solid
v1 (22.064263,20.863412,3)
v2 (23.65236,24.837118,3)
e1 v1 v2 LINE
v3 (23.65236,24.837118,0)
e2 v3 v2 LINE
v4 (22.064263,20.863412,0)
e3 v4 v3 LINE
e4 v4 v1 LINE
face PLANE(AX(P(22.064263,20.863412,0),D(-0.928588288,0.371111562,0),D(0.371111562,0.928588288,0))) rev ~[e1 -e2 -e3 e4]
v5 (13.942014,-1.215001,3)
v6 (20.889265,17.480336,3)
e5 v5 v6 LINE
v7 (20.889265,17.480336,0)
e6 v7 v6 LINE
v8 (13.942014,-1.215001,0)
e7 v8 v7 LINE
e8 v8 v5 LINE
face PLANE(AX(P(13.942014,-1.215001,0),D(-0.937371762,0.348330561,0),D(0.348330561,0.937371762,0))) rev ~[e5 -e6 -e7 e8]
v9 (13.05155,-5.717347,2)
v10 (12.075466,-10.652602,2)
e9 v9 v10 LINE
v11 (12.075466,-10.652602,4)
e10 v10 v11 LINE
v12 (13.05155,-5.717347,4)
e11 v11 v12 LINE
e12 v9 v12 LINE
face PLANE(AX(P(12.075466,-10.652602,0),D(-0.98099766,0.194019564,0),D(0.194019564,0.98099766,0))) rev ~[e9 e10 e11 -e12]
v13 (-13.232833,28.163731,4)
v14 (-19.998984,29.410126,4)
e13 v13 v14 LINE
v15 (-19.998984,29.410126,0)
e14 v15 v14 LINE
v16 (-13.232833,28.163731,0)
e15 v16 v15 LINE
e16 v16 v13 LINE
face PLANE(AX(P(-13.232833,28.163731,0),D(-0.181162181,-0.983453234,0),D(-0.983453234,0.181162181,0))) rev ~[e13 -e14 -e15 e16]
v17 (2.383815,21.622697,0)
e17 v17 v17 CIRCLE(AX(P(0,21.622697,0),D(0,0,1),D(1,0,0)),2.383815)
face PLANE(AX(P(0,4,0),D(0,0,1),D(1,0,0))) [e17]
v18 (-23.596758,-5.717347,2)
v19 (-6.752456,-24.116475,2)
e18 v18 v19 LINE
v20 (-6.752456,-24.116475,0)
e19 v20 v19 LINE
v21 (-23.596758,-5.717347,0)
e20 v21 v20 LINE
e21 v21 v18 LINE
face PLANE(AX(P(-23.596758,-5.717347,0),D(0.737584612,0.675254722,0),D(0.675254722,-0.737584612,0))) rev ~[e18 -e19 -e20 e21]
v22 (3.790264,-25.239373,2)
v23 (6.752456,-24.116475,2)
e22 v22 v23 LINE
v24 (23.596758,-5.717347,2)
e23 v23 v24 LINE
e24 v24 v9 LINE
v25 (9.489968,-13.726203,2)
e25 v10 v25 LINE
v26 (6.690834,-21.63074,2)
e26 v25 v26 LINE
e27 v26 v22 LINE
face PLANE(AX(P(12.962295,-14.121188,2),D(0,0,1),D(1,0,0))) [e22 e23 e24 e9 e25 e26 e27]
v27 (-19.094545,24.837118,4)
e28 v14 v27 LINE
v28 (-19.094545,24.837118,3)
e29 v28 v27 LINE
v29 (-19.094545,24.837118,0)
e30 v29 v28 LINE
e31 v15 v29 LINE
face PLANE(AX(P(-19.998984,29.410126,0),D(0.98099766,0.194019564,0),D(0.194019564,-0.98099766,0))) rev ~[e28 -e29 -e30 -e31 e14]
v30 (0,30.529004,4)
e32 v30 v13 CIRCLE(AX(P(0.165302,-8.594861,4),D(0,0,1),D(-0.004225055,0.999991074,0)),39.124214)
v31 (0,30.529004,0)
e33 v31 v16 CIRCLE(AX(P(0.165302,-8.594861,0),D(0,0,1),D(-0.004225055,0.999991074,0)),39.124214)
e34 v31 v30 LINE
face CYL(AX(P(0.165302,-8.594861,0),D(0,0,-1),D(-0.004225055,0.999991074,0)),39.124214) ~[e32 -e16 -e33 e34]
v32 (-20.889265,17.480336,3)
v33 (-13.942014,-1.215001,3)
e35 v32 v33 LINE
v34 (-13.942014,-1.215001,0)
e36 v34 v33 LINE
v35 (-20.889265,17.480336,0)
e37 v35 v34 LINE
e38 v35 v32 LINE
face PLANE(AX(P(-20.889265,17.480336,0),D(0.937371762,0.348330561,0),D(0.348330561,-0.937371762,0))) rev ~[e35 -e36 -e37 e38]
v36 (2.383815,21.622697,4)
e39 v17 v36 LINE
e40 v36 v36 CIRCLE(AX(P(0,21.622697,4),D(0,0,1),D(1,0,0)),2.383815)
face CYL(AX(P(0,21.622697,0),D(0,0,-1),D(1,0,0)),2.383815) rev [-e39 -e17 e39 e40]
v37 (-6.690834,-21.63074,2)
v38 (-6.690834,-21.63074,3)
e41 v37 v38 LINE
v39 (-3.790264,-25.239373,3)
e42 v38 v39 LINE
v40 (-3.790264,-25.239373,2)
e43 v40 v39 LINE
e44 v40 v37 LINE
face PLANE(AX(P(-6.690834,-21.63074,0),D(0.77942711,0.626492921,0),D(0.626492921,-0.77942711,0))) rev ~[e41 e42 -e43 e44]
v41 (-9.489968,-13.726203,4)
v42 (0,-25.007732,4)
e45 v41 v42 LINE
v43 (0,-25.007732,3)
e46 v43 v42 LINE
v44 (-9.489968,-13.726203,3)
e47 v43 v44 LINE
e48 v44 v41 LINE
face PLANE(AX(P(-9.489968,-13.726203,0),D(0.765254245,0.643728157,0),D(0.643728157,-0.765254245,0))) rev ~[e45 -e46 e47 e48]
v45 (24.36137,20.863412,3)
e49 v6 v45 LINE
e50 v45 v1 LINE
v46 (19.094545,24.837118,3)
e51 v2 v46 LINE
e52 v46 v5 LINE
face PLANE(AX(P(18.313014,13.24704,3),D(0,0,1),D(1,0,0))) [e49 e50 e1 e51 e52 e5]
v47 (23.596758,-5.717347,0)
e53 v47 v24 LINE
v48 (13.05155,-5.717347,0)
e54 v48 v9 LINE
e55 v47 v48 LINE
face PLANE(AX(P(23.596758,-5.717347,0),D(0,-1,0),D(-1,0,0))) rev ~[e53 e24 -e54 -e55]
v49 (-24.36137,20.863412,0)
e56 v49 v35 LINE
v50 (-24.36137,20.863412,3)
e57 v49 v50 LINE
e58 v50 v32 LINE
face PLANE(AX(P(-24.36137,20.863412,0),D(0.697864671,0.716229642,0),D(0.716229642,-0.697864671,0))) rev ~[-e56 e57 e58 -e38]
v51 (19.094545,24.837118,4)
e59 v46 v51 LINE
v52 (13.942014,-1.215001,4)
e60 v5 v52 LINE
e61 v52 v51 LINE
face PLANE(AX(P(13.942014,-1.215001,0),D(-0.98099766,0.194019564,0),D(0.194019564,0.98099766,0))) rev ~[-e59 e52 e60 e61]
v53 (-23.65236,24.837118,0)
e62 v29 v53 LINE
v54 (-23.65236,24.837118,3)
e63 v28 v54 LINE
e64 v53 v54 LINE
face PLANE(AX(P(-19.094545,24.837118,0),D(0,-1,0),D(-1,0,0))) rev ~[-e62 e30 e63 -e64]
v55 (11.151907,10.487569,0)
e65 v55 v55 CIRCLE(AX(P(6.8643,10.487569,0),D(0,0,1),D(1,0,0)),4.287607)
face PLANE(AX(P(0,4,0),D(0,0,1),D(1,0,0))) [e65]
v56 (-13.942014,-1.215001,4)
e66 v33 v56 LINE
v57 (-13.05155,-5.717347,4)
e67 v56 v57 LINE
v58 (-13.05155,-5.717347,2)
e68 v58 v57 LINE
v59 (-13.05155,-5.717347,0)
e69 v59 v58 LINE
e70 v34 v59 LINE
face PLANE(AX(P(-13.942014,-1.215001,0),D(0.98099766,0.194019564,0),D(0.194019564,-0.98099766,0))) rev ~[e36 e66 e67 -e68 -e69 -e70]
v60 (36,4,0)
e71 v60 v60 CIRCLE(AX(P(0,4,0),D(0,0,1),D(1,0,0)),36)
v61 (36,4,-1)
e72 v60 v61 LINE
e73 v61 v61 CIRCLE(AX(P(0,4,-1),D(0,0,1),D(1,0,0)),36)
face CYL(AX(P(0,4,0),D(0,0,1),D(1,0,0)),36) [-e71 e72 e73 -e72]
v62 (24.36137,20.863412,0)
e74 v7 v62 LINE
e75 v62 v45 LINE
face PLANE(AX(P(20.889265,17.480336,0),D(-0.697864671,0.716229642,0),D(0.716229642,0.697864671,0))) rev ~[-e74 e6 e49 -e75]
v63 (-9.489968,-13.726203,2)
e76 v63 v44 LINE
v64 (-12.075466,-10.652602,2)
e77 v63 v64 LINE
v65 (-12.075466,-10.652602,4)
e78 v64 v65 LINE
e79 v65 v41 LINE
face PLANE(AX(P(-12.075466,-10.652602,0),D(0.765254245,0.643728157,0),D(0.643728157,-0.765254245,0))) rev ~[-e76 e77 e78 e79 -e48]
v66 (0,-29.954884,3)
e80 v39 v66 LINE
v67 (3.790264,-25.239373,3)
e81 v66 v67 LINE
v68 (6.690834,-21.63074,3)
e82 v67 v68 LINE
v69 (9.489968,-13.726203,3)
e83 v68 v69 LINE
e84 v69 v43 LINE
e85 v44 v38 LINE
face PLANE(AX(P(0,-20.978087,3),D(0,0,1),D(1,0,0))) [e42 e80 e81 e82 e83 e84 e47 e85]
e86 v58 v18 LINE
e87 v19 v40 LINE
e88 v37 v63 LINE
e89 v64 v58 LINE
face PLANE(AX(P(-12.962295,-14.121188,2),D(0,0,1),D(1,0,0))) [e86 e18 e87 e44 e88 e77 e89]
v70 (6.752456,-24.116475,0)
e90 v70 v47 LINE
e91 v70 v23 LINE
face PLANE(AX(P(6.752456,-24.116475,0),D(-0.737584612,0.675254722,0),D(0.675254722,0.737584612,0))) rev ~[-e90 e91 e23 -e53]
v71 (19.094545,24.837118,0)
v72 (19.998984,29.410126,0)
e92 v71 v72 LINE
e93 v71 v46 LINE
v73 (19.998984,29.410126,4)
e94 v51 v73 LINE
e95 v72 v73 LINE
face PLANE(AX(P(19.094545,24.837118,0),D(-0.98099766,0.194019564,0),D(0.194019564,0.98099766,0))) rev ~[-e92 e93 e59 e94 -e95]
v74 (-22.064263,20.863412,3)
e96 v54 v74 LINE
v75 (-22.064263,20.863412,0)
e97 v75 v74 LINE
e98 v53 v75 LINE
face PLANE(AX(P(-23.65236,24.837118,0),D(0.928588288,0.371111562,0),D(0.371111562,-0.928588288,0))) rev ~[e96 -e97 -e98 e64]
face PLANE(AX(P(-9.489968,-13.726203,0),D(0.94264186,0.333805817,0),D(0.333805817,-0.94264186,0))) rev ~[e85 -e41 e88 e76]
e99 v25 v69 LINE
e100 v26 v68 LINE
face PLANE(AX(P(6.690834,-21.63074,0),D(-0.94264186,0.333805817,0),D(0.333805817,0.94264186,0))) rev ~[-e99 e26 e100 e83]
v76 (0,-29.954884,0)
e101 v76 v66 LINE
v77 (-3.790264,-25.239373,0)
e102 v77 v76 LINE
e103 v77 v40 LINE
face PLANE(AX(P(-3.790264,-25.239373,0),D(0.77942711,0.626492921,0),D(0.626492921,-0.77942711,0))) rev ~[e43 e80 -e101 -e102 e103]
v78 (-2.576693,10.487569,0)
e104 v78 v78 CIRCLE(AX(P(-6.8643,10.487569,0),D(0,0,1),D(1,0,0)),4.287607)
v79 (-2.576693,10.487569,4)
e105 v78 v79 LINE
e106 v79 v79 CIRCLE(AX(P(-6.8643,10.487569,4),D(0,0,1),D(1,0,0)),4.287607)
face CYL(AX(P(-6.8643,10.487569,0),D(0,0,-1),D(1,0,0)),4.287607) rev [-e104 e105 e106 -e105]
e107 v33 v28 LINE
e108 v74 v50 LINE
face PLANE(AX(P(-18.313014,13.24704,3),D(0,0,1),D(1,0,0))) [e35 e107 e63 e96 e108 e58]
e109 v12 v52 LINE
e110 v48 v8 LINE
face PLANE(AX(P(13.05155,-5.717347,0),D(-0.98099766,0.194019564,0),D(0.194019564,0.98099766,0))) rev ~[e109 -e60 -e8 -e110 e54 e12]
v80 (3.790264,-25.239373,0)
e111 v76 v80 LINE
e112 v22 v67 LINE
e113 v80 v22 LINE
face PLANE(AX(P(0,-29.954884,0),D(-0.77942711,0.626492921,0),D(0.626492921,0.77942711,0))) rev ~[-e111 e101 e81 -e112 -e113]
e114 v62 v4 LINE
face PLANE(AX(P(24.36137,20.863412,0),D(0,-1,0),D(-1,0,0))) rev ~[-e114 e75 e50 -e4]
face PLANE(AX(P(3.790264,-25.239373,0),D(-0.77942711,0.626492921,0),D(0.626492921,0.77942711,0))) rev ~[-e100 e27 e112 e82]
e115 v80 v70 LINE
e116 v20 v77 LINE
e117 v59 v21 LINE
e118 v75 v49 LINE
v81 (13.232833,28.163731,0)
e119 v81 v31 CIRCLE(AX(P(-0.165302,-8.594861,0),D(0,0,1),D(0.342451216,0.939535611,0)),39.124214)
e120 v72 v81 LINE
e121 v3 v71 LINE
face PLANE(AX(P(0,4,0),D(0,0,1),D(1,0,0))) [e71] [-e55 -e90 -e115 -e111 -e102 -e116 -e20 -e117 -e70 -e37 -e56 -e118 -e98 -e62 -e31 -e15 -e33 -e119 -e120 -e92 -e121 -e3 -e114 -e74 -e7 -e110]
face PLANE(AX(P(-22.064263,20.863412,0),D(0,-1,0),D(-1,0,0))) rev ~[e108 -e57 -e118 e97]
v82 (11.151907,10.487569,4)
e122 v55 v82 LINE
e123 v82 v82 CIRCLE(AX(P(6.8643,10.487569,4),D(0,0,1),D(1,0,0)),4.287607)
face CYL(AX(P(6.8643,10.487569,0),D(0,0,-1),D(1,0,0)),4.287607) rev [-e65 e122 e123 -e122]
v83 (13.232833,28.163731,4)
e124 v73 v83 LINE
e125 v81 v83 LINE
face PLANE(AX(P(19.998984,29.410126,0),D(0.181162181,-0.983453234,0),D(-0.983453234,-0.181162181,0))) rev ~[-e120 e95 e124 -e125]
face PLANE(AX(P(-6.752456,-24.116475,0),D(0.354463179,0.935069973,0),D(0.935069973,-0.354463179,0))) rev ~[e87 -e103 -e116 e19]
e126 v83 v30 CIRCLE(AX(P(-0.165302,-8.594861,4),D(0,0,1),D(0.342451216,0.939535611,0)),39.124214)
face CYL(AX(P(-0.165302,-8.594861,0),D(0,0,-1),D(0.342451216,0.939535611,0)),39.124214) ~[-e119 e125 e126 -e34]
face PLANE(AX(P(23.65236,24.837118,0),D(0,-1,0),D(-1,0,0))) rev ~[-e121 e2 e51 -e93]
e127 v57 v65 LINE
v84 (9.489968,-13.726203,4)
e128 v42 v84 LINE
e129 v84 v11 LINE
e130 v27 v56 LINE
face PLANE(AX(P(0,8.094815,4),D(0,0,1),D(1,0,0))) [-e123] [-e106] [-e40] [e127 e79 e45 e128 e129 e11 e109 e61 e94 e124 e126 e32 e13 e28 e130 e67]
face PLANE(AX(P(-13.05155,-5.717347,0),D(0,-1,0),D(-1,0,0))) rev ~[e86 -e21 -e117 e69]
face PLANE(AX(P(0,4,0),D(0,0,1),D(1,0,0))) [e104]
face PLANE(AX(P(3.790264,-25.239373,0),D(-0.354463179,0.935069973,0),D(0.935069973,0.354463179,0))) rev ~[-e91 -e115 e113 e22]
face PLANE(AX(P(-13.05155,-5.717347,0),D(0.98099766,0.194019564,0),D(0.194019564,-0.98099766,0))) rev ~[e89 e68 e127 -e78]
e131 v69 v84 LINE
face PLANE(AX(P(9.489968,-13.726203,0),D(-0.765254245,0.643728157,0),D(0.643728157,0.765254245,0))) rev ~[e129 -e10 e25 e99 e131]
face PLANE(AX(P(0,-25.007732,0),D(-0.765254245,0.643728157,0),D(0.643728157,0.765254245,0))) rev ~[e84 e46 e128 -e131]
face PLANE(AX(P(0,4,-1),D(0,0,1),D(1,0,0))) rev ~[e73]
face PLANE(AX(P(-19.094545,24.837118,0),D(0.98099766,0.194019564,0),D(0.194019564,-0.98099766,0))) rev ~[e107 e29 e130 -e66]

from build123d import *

# Parameters (mm, degrees)
F0_R     = 4.2876068596
F0_R_2   = 2.3838147506
F1_DEPTH = 4
F2_DEPTH = 2
F3_DEPTH = 3
F0_R_3   = 36
F4_DEPTH = 1


with BuildPart() as f1:
    # F0 (on Top) → F1 (new body)
    with BuildSketch(Plane.XY):
        with BuildLine():
            Line((-13.0515498851, -5.7173473364), (-12.0754661039, -10.6526017189))
            Line((-12.0754661039, -10.6526017189), (-9.4899676344, -13.7262029863))
            Line((-9.4899676344, -13.7262029863), (0, -25.0077322125))
            Line((0, -25.0077322125), (9.4899676344, -13.7262029863))
            Line((9.4899676344, -13.7262029863), (12.0754661039, -10.6526017189))
            Line((12.0754661039, -10.6526017189), (13.0515498851, -5.7173473364))
            Line((13.0515498851, -5.7173473364), (13.9420140412, -1.2150011097))
            Line((13.9420140412, -1.2150011097), (19.0945449157, 24.8371176422))
            Line((19.0945449157, 24.8371176422), (19.9989844114, 29.4101256877))
            Line((19.9989844114, 29.4101256877), (13.2328327745, 28.1637310982))
            ThreePointArc((13.2328327745, 28.1637310982), (6.7187616823, 29.9189517629), (0, 30.5290035903))
            ThreePointArc((0, 30.5290035903), (-6.7187616823, 29.9189517629), (-13.2328327745, 28.1637310982))
            Line((-13.2328327745, 28.1637310982), (-19.9989844114, 29.4101256877))
            Line((-19.9989844114, 29.4101256877), (-19.0945449157, 24.8371176422))
            Line((-19.0945449157, 24.8371176422), (-13.9420140412, -1.2150011097))
            Line((-13.9420140412, -1.2150011097), (-13.0515498851, -5.7173473364))
        make_face()
        with Locations((-6.8642999977, 10.4875685647)):
            Circle(F0_R, mode=Mode.SUBTRACT)
        with Locations((6.8642999977, 10.4875685647)):
            Circle(F0_R, mode=Mode.SUBTRACT)
        with Locations((0, 21.6226968914)):
            Circle(F0_R_2, mode=Mode.SUBTRACT)
    extrude(amount=F1_DEPTH)

    # F0 (on Top) → F2 (join)
    with BuildSketch(Plane.XY):
        Polygon((-9.4899676344, -13.7262029863), (-12.0754661039, -10.6526017189), (-13.0515498851, -5.7173473364), (-23.5967580229, -5.7173473364), (-6.7524560727, -24.1164751351), (-3.7902638408, -25.2393729972), (-6.6908341832, -21.6307397932), align=None)
        Polygon((12.0754661039, -10.6526017189), (9.4899676344, -13.7262029863), (6.6908341832, -21.6307397932), (3.7902638408, -25.2393729972), (6.7524560727, -24.1164751351), (23.5967580229, -5.7173473364), (13.0515498851, -5.7173473364), align=None)
    extrude(amount=F2_DEPTH)

    # F0 (on Top) → F3 (join)
    with BuildSketch(Plane.XY):
        Polygon((0, -25.0077322125), (-9.4899676344, -13.7262029863), (-6.6908341832, -21.6307397932), (-3.7902638408, -25.2393729972), (0, -29.9548842013), (3.7902638408, -25.2393729972), (6.6908341832, -21.6307397932), (9.4899676344, -13.7262029863), align=None)
        Polygon((-20.8892654628, 17.4803361297), (-13.9420140412, -1.2150011097), (-19.0945449157, 24.8371176422), (-23.6523598433, 24.8371176422), (-22.0642630011, 20.8634119481), (-24.3613701314, 20.8634119481), align=None)
        Polygon((19.0945449157, 24.8371176422), (13.9420140412, -1.2150011097), (20.8892654628, 17.4803361297), (24.3613701314, 20.8634119481), (22.0642630011, 20.8634119481), (23.6523598433, 24.8371176422), align=None)
    extrude(amount=F3_DEPTH)

    # F0 (on Top) → F4 (join)
    with BuildSketch(Plane.XY):
        with Locations((0, 4)):
            Circle(F0_R_3)
        with BuildLine():
            Line((-23.5967580229, -5.7173473364), (-13.0515498851, -5.7173473364))
            Line((-13.0515498851, -5.7173473364), (-13.9420140412, -1.2150011097))
            Line((-13.9420140412, -1.2150011097), (-20.8892654628, 17.4803361297))
            Line((-20.8892654628, 17.4803361297), (-24.3613701314, 20.8634119481))
            Line((-24.3613701314, 20.8634119481), (-22.0642630011, 20.8634119481))
            Line((-22.0642630011, 20.8634119481), (-23.6523598433, 24.8371176422))
            Line((-23.6523598433, 24.8371176422), (-19.0945449157, 24.8371176422))
            Line((-19.0945449157, 24.8371176422), (-19.9989844114, 29.4101256877))
            Line((-19.9989844114, 29.4101256877), (-13.2328327745, 28.1637310982))
            ThreePointArc((-13.2328327745, 28.1637310982), (-6.7187616823, 29.9189517629), (0, 30.5290035903))
            ThreePointArc((0, 30.5290035903), (6.7187616823, 29.9189517629), (13.2328327745, 28.1637310982))
            Line((13.2328327745, 28.1637310982), (19.9989844114, 29.4101256877))
            Line((19.9989844114, 29.4101256877), (19.0945449157, 24.8371176422))
            Line((19.0945449157, 24.8371176422), (23.6523598433, 24.8371176422))
            Line((23.6523598433, 24.8371176422), (22.0642630011, 20.8634119481))
            Line((22.0642630011, 20.8634119481), (24.3613701314, 20.8634119481))
            Line((24.3613701314, 20.8634119481), (20.8892654628, 17.4803361297))
            Line((20.8892654628, 17.4803361297), (13.9420140412, -1.2150011097))
            Line((13.9420140412, -1.2150011097), (13.0515498851, -5.7173473364))
            Line((13.0515498851, -5.7173473364), (23.5967580229, -5.7173473364))
            Line((23.5967580229, -5.7173473364), (6.7524560727, -24.1164751351))
            Line((6.7524560727, -24.1164751351), (3.7902638408, -25.2393729972))
            Line((3.7902638408, -25.2393729972), (0, -29.9548842013))
            Line((0, -29.9548842013), (-3.7902638408, -25.2393729972))
            Line((-3.7902638408, -25.2393729972), (-6.7524560727, -24.1164751351))
            Line((-6.7524560727, -24.1164751351), (-23.5967580229, -5.7173473364))
        make_face(mode=Mode.SUBTRACT)
        with BuildLine():
            Line((-13.0515498851, -5.7173473364), (-12.0754661039, -10.6526017189))
            Line((-12.0754661039, -10.6526017189), (-9.4899676344, -13.7262029863))
            Line((-9.4899676344, -13.7262029863), (0, -25.0077322125))
            Line((0, -25.0077322125), (9.4899676344, -13.7262029863))
            Line((9.4899676344, -13.7262029863), (12.0754661039, -10.6526017189))
            Line((12.0754661039, -10.6526017189), (13.0515498851, -5.7173473364))
            Line((13.0515498851, -5.7173473364), (13.9420140412, -1.2150011097))
            Line((13.9420140412, -1.2150011097), (19.0945449157, 24.8371176422))
            Line((19.0945449157, 24.8371176422), (19.9989844114, 29.4101256877))
            Line((19.9989844114, 29.4101256877), (13.2328327745, 28.1637310982))
            ThreePointArc((13.2328327745, 28.1637310982), (6.7187616823, 29.9189517629), (0, 30.5290035903))
            ThreePointArc((0, 30.5290035903), (-6.7187616823, 29.9189517629), (-13.2328327745, 28.1637310982))
            Line((-13.2328327745, 28.1637310982), (-19.9989844114, 29.4101256877))
            Line((-19.9989844114, 29.4101256877), (-19.0945449157, 24.8371176422))
            Line((-19.0945449157, 24.8371176422), (-13.9420140412, -1.2150011097))
            Line((-13.9420140412, -1.2150011097), (-13.0515498851, -5.7173473364))
        make_face()
        with Locations((-6.8642999977, 10.4875685647)):
            Circle(F0_R, mode=Mode.SUBTRACT)
        with Locations((6.8642999977, 10.4875685647)):
            Circle(F0_R, mode=Mode.SUBTRACT)
        with Locations((0, 21.6226968914)):
            Circle(F0_R_2, mode=Mode.SUBTRACT)
        Polygon((-9.4899676344, -13.7262029863), (-12.0754661039, -10.6526017189), (-13.0515498851, -5.7173473364), (-23.5967580229, -5.7173473364), (-6.7524560727, -24.1164751351), (-3.7902638408, -25.2393729972), (-6.6908341832, -21.6307397932), align=None)
        Polygon((12.0754661039, -10.6526017189), (9.4899676344, -13.7262029863), (6.6908341832, -21.6307397932), (3.7902638408, -25.2393729972), (6.7524560727, -24.1164751351), (23.5967580229, -5.7173473364), (13.0515498851, -5.7173473364), align=None)
        Polygon((0, -25.0077322125), (-9.4899676344, -13.7262029863), (-6.6908341832, -21.6307397932), (-3.7902638408, -25.2393729972), (0, -29.9548842013), (3.7902638408, -25.2393729972), (6.6908341832, -21.6307397932), (9.4899676344, -13.7262029863), align=None)
        Polygon((-20.8892654628, 17.4803361297), (-13.9420140412, -1.2150011097), (-19.0945449157, 24.8371176422), (-23.6523598433, 24.8371176422), (-22.0642630011, 20.8634119481), (-24.3613701314, 20.8634119481), align=None)
        Polygon((19.0945449157, 24.8371176422), (13.9420140412, -1.2150011097), (20.8892654628, 17.4803361297), (24.3613701314, 20.8634119481), (22.0642630011, 20.8634119481), (23.6523598433, 24.8371176422), align=None)
        with Locations((-6.8642999977, 10.4875685647)):
            Circle(F0_R)
        with Locations((6.8642999977, 10.4875685647)):
            Circle(F0_R)
        with Locations((0, 21.6226968914)):
            Circle(F0_R_2)
    extrude(amount=-F4_DEPTH)


solid = f1.part
